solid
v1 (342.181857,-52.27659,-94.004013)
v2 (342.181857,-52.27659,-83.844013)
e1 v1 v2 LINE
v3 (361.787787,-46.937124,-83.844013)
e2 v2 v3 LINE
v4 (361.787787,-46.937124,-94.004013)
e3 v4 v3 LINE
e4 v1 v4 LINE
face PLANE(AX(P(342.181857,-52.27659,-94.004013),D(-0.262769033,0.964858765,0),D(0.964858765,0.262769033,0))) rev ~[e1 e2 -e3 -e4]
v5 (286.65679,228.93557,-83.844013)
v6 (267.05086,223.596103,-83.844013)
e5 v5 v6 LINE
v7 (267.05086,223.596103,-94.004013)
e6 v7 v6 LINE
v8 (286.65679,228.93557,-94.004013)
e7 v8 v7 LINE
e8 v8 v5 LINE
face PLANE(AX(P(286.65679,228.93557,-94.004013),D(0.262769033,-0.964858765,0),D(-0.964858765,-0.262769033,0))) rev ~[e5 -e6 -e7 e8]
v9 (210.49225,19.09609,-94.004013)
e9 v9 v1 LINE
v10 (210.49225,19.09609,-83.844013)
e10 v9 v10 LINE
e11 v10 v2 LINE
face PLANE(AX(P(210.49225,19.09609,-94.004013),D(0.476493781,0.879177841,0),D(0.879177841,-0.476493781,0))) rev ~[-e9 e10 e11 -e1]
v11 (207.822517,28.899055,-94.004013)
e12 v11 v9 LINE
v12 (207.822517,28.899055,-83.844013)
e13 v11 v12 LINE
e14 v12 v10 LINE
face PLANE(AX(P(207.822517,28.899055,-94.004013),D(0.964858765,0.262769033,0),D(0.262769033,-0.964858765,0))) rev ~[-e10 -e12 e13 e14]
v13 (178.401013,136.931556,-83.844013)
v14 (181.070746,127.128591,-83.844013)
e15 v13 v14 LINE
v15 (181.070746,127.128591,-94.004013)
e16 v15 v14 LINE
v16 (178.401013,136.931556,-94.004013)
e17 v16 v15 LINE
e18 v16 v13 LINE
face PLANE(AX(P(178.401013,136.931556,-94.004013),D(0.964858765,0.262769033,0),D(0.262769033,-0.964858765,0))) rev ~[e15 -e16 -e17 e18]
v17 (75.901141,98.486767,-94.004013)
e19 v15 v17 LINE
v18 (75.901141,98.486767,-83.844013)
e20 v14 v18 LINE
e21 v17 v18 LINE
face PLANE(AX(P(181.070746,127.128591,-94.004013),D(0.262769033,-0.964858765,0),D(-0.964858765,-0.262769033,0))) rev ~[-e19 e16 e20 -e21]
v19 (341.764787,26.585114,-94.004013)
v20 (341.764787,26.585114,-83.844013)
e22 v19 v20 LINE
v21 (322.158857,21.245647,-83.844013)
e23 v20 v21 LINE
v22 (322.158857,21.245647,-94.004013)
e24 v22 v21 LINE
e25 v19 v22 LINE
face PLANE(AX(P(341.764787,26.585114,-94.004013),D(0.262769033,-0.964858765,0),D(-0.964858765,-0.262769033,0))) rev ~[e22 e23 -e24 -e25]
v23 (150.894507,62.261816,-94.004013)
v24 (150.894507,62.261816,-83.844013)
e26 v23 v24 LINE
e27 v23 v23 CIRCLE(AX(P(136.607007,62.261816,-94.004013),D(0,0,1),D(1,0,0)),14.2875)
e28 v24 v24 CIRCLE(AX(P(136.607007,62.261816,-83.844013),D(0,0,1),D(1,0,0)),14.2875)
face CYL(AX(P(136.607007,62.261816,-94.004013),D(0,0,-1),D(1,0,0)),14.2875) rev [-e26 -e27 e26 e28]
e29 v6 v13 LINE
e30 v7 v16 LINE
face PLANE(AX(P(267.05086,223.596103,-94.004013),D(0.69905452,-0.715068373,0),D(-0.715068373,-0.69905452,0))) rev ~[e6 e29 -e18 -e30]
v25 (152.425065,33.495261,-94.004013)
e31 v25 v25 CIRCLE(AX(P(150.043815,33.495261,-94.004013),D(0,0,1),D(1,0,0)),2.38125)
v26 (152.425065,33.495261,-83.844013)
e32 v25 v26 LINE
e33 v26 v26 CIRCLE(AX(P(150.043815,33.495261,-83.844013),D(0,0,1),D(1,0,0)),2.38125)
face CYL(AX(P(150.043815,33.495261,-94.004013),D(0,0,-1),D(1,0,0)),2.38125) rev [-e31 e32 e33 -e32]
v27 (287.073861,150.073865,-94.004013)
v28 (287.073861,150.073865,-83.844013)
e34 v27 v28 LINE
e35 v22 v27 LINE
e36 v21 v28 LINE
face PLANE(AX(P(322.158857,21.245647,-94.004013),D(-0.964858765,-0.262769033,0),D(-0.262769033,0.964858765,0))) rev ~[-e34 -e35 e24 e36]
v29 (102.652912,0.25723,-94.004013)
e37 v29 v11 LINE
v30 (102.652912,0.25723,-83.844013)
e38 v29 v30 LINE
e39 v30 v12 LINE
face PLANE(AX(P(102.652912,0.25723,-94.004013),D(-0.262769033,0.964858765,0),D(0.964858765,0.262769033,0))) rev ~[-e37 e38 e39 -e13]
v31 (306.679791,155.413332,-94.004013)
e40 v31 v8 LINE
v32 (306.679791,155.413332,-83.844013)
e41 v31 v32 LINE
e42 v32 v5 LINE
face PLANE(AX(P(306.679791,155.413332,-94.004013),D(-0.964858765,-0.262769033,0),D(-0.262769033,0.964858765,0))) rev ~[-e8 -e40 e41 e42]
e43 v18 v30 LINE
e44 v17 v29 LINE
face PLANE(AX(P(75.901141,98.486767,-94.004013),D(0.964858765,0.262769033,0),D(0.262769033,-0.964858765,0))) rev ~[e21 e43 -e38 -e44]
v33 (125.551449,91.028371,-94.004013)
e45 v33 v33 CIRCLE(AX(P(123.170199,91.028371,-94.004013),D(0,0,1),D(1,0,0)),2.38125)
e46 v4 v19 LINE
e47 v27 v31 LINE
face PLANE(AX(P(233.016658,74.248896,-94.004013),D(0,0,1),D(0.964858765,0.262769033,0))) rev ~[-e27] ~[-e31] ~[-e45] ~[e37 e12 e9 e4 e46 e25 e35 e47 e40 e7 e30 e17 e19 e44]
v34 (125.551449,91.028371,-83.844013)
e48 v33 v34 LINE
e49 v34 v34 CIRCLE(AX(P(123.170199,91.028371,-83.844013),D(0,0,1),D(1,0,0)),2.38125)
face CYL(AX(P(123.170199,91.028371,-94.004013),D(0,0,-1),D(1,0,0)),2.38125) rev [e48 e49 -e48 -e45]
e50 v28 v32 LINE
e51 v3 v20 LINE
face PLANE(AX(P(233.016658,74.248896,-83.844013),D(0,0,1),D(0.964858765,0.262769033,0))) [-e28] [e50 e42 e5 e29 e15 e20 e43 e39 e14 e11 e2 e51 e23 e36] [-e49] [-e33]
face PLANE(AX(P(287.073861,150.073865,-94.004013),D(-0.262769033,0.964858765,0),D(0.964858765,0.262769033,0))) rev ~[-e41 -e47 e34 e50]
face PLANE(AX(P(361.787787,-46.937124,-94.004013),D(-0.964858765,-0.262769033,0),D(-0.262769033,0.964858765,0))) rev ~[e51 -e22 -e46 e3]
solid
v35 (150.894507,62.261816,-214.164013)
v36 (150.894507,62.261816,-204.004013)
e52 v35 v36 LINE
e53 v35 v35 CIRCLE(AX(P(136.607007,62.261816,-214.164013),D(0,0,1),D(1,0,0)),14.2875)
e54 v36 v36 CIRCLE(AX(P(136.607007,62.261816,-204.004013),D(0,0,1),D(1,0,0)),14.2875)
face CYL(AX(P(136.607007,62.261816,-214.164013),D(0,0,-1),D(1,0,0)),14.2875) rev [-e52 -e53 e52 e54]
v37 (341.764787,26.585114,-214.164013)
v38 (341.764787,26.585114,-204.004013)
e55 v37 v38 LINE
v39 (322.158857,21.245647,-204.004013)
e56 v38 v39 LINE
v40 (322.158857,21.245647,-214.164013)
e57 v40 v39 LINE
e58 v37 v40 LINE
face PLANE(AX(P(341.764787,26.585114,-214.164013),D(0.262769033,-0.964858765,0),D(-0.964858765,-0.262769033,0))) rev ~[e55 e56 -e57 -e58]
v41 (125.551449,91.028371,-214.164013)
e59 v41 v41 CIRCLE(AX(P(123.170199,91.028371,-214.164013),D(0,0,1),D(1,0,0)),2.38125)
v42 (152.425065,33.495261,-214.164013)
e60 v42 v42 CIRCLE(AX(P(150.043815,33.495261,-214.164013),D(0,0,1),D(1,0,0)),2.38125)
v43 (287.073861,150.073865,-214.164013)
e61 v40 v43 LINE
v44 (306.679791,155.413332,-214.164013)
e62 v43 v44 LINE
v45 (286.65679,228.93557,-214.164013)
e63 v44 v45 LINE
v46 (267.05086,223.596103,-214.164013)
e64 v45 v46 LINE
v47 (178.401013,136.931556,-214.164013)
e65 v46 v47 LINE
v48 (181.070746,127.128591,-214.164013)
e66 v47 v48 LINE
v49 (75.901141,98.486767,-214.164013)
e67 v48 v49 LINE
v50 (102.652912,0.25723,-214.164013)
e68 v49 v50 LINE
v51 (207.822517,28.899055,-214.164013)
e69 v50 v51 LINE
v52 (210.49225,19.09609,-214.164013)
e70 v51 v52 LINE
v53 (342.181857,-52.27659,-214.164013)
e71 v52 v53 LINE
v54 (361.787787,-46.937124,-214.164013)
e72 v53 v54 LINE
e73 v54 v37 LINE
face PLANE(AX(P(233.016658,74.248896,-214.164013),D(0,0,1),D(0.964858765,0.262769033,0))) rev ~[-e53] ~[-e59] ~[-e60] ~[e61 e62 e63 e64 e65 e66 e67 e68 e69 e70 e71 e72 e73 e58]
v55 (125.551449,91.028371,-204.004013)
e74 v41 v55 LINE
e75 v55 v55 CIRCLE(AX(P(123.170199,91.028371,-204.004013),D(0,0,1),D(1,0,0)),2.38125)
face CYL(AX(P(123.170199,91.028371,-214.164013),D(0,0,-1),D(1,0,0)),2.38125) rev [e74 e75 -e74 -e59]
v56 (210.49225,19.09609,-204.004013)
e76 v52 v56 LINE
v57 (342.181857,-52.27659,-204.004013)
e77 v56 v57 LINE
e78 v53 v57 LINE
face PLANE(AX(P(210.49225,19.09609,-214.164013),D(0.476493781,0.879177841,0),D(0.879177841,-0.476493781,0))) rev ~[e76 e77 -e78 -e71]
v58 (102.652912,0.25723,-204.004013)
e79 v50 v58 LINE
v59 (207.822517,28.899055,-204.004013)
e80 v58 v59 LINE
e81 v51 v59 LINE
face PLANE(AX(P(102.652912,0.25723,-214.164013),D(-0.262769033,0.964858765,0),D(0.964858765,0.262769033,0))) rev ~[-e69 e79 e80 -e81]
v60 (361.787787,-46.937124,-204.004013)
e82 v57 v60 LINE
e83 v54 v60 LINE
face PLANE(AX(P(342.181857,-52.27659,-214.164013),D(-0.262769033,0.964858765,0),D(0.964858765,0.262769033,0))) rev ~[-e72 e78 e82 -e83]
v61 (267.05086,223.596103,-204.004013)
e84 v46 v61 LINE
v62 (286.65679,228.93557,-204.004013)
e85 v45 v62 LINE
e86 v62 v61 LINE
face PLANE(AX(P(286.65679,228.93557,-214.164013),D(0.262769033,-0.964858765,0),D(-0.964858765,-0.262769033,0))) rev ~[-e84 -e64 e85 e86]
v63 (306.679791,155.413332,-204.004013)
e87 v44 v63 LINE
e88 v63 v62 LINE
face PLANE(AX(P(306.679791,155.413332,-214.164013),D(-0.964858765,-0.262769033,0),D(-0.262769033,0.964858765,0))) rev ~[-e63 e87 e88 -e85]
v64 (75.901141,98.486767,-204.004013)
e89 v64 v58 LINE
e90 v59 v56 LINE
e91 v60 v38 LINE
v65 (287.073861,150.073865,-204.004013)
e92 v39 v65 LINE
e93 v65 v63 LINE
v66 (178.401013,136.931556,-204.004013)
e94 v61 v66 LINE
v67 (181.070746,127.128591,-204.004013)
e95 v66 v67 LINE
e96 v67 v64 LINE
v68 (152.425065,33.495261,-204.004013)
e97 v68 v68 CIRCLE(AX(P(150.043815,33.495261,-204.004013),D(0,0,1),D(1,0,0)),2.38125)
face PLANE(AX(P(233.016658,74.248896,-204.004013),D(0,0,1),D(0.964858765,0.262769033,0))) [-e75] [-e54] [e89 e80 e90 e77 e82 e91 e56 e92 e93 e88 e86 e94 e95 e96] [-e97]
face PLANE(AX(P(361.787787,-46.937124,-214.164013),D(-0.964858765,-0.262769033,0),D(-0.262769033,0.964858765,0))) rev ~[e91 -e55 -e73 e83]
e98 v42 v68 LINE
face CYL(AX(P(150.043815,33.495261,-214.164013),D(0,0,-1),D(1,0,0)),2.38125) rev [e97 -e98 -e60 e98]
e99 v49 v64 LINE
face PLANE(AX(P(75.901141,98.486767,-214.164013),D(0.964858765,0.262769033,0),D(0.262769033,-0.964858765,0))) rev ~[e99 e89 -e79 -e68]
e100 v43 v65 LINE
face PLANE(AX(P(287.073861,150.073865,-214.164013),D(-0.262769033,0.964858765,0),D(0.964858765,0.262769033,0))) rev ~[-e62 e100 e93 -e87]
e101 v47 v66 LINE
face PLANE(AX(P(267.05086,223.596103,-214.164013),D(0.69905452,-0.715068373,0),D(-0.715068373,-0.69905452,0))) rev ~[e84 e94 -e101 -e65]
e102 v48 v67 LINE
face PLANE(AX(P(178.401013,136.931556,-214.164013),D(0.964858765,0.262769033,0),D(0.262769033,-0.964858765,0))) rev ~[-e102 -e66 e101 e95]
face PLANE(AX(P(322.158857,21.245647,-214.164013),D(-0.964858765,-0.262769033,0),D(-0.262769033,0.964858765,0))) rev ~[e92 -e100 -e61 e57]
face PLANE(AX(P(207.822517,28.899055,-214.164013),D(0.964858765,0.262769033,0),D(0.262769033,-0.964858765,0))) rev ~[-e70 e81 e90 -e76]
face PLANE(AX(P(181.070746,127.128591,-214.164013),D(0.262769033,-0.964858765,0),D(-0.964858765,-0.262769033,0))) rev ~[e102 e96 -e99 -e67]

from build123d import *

# Parameters (mm, degrees)
BOSS_EXTRUDE1_START = -90
SKETCH1_R           = 14.2875
SKETCH1_R_2         = 2.38125
BOSS_EXTRUDE1_DEPTH = 10.16
BOSS_EXTRUDE2_START = -210.16
SKETCH1_2_R         = 14.2875
SKETCH1_2_R_2       = 2.38125
BOSS_EXTRUDE2_DEPTH = 10.16


with BuildPart() as part:
    # Sketch1 → Boss-Extrude1 (new body)
    with BuildSketch(Plane(origin=(2328.589821282, 466.462033654, -4.0040129), x_dir=(0.9648587645409115, 0.26276903259057416, 0), z_dir=(0, 0, 1)).offset(BOSS_EXTRUDE1_START)):
        Polygon((-2161.218921834, 236.892663878), (-2270.218921834, 236.892663878), (-2270.218921834, 135.08549762), (-2161.218921834, 135.08549762), (-2161.218921834, 124.92549762), (-2052.911580455, 21.456991118), (-2032.591580455, 21.456991118), (-2032.591580455, 97.656991118), (-2052.911580455, 97.656991118), (-2052.911580455, 231.177276923), (-2032.591580455, 231.177276923), (-2032.591580455, 307.377276923), (-2052.911580455, 307.377276923), (-2161.218921834, 247.052663878), align=None)
        with Locations((-2221.165130355, 185.989080749)):
            Circle(SKETCH1_R, mode=Mode.SUBTRACT)
        with Locations((-2226.570792022, 217.275520654)):
            Circle(SKETCH1_R_2, mode=Mode.SUBTRACT)
        with Locations((-2215.759468688, 154.702640844)):
            Circle(SKETCH1_R_2, mode=Mode.SUBTRACT)
    extrude(amount=BOSS_EXTRUDE1_DEPTH)


with BuildPart() as body_2:
    # Sketch1<2> → Boss-Extrude2 (new body)
    with BuildSketch(Plane(origin=(2328.589821282, 466.462033654, -4.0040129), x_dir=(0.9648587645409115, 0.26276903259057416, 0), z_dir=(0, 0, 1)).offset(BOSS_EXTRUDE2_START)):
        Polygon((-2161.218921834, 236.892663878), (-2270.218921834, 236.892663878), (-2270.218921834, 135.08549762), (-2161.218921834, 135.08549762), (-2161.218921834, 124.92549762), (-2052.911580455, 21.456991118), (-2032.591580455, 21.456991118), (-2032.591580455, 97.656991118), (-2052.911580455, 97.656991118), (-2052.911580455, 231.177276923), (-2032.591580455, 231.177276923), (-2032.591580455, 307.377276923), (-2052.911580455, 307.377276923), (-2161.218921834, 247.052663878), align=None)
        with Locations((-2221.165130355, 185.989080749)):
            Circle(SKETCH1_2_R, mode=Mode.SUBTRACT)
        with Locations((-2226.570792022, 217.275520654)):
            Circle(SKETCH1_2_R_2, mode=Mode.SUBTRACT)
        with Locations((-2215.759468688, 154.702640844)):
            Circle(SKETCH1_2_R_2, mode=Mode.SUBTRACT)
    extrude(amount=BOSS_EXTRUDE2_DEPTH)


solid = Compound([part.part, body_2.part])
